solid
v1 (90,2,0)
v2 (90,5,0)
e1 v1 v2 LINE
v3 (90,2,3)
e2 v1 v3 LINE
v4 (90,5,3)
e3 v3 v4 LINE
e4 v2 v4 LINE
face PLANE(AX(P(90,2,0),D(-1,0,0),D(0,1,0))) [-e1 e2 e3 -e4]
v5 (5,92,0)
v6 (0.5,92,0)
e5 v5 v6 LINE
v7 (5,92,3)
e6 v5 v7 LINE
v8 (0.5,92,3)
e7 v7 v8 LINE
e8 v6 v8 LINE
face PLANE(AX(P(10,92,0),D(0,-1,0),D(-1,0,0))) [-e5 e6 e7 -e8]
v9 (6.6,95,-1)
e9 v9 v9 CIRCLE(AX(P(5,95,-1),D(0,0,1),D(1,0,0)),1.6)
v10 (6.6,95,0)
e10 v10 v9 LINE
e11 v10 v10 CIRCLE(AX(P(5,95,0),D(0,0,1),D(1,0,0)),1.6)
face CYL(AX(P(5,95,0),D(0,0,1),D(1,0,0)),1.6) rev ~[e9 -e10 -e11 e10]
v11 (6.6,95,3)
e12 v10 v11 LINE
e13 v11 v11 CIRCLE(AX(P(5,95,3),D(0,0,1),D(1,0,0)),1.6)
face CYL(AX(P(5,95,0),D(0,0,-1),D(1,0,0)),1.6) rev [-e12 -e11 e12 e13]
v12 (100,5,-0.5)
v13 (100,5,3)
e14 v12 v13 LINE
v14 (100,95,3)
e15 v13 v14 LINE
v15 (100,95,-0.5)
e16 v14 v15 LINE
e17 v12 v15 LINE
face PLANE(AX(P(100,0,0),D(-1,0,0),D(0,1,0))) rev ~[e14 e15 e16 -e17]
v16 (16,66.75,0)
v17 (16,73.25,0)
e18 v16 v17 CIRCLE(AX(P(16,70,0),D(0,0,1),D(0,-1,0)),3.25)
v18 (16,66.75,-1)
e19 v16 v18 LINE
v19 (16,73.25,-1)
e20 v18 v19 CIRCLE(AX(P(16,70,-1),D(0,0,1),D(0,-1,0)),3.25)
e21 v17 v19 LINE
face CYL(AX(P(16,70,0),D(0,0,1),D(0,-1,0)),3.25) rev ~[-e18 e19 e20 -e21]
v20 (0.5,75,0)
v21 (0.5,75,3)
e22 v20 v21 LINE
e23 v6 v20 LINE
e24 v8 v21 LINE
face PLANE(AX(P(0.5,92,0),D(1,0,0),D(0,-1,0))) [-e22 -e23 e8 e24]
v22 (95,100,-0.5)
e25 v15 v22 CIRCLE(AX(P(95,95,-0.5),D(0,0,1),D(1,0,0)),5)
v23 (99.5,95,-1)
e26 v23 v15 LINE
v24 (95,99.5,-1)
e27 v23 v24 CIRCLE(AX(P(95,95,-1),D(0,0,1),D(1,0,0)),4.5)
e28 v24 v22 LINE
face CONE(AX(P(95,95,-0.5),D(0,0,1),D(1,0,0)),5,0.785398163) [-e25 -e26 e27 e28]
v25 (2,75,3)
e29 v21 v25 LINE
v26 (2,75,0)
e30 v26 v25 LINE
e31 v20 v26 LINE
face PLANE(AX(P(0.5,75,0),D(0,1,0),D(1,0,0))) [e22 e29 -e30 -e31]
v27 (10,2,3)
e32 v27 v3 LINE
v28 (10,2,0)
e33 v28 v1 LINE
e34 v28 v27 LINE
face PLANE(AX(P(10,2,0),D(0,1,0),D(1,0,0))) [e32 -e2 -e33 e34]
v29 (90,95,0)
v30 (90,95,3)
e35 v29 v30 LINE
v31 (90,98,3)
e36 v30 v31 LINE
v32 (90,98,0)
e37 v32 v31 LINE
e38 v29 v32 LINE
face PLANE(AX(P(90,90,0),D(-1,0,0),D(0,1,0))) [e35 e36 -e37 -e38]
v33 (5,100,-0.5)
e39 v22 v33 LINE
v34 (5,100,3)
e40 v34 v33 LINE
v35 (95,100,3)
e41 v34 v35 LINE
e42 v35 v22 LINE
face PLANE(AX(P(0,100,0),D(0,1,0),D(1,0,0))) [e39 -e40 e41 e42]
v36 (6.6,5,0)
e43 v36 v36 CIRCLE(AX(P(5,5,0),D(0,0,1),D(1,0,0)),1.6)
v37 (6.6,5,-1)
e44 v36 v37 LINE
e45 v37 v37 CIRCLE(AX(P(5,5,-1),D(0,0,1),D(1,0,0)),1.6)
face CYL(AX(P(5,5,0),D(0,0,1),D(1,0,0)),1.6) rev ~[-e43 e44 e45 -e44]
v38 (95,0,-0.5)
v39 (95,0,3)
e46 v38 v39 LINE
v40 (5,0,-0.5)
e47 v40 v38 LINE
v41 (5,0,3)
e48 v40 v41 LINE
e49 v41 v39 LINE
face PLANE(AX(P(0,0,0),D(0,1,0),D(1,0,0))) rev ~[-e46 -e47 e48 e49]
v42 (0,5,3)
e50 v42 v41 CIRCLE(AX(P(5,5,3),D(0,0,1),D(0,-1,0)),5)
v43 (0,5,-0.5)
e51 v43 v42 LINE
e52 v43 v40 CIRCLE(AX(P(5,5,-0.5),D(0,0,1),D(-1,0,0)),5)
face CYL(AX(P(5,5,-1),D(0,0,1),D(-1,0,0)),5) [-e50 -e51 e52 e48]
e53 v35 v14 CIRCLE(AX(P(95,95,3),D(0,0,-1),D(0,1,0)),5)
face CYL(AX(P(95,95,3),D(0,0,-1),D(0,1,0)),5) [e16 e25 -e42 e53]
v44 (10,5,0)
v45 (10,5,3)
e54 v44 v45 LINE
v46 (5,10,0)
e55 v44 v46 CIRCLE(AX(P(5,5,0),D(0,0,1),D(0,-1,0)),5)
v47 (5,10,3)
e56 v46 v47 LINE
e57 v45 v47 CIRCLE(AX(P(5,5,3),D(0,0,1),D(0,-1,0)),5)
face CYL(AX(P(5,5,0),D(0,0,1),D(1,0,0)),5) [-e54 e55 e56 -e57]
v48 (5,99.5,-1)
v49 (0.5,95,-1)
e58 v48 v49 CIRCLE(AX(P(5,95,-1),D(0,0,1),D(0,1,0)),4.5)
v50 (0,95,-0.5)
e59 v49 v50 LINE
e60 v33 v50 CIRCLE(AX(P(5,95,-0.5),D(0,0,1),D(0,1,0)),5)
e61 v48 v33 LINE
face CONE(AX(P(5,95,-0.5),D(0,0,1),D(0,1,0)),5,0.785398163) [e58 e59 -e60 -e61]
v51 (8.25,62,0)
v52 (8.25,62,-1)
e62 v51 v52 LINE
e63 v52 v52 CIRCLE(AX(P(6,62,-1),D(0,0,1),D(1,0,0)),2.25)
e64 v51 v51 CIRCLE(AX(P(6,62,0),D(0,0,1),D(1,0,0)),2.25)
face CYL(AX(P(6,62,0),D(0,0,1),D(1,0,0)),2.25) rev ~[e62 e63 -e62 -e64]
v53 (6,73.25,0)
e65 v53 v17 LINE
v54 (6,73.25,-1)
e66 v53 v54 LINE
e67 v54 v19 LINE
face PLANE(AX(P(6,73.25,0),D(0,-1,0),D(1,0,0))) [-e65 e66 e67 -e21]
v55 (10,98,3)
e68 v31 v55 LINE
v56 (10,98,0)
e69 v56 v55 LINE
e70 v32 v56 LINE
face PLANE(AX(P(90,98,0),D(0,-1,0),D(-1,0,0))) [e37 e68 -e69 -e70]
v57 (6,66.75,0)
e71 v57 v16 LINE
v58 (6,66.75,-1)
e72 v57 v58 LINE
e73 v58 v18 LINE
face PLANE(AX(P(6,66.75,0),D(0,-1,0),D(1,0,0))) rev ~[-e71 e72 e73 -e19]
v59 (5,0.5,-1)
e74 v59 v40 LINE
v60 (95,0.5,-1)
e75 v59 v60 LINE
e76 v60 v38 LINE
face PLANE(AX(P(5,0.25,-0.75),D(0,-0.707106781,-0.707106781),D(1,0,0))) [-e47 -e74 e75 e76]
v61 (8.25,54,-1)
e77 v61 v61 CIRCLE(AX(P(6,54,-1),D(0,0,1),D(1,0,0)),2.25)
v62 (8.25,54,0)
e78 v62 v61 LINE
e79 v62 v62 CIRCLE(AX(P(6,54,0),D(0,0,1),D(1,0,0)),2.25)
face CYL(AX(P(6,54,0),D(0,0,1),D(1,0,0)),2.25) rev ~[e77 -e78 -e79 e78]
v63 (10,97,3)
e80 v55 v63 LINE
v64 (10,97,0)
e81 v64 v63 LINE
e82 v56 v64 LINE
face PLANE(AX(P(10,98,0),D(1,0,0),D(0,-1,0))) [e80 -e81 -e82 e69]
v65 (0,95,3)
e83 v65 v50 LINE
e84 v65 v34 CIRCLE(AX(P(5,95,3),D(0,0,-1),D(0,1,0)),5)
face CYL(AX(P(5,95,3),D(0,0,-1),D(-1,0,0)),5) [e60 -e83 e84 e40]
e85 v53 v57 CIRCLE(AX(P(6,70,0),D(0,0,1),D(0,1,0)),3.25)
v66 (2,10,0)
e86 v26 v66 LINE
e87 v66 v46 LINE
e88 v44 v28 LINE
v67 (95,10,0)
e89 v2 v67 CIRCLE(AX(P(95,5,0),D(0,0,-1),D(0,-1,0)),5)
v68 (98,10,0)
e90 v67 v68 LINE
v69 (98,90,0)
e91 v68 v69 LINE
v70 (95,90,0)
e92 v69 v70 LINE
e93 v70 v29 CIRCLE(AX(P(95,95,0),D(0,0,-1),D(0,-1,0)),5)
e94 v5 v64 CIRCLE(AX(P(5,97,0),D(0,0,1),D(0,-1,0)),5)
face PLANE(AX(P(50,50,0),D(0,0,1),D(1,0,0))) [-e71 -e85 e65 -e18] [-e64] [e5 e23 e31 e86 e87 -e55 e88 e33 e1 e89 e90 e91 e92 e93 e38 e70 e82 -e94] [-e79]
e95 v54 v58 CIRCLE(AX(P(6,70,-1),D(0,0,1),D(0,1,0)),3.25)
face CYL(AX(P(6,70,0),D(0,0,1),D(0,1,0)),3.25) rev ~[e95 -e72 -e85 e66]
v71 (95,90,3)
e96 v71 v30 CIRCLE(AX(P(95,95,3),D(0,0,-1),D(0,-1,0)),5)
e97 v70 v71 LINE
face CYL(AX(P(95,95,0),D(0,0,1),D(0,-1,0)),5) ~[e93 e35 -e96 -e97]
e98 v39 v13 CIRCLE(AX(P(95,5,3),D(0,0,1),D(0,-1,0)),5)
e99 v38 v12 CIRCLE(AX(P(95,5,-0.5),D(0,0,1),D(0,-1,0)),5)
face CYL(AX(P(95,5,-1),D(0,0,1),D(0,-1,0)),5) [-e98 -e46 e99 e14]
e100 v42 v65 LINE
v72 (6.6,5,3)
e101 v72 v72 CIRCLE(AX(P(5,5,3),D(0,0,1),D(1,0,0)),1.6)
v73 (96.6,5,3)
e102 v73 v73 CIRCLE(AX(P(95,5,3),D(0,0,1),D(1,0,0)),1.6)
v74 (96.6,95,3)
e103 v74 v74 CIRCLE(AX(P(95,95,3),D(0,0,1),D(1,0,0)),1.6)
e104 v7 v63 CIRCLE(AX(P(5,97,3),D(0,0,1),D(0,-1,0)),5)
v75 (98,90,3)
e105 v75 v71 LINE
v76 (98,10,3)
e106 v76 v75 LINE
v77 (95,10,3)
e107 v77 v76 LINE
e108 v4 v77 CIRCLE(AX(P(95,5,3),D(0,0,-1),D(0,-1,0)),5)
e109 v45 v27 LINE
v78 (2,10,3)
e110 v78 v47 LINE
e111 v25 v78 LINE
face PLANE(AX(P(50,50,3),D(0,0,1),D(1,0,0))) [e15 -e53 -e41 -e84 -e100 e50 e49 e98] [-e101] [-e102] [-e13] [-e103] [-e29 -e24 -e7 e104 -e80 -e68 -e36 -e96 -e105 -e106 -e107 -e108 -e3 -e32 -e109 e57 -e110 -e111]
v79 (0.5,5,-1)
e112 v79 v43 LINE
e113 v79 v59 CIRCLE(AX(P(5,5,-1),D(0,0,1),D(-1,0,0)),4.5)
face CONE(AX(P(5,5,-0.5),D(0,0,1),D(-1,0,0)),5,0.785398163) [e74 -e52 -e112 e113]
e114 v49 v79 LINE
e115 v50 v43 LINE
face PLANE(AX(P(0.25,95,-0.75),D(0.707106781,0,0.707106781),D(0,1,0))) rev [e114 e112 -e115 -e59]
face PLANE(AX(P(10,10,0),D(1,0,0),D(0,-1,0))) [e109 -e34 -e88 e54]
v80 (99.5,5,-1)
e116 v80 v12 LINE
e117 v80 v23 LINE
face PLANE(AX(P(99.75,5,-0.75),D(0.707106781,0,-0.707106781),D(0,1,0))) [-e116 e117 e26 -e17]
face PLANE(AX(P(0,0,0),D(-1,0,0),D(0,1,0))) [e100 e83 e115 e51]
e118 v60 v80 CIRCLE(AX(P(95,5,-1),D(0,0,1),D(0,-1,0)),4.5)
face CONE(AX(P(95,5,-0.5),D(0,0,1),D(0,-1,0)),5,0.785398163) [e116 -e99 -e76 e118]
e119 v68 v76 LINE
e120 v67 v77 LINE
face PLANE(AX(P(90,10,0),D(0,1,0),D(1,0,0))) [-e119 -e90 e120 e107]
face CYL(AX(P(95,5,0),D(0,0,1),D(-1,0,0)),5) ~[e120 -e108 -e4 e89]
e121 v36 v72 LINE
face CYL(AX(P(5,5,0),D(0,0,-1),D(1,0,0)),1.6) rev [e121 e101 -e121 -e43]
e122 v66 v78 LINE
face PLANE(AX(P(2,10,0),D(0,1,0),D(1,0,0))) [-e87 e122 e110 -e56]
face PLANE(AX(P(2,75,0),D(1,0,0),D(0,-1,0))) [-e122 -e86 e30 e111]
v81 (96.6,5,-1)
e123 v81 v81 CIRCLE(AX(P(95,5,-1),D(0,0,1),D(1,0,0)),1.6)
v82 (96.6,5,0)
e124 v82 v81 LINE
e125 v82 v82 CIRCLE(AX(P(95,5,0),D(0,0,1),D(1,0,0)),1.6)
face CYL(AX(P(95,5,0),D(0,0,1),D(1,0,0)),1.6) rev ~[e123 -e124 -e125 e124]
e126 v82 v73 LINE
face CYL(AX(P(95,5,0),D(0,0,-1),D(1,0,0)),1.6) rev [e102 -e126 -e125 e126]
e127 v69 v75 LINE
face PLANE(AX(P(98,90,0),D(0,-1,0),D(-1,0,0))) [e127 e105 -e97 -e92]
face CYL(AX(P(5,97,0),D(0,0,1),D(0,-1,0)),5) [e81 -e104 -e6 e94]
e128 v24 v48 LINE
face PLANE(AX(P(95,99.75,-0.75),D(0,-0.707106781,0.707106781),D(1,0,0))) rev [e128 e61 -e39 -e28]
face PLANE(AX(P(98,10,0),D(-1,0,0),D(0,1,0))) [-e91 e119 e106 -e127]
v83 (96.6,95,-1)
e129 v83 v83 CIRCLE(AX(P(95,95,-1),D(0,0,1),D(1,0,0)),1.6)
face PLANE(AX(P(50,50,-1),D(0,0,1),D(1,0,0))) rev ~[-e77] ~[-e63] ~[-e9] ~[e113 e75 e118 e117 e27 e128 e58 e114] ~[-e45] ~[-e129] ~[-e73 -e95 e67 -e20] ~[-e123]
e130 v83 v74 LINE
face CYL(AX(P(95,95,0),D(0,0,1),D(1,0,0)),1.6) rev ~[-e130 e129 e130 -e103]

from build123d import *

# Parameters (mm, degrees)
SKETCH_W        = 100
SKETCH_H        = 100
PAD_DEPTH       = 1
SKETCH001_W     = 100
SKETCH001_H     = 100
PAD001_DEPTH    = 3
SKETCH002_R     = 1.6
POCKET_DEPTH    = 3
FILLET_R        = 5
SKETCH004_R     = 2.25
POCKET001_DEPTH = 5
CHAMFER_SIZE    = 0.5


with BuildPart() as part:
    # Sketch → Pad (new body)
    with BuildSketch(Plane.XY):
        with Locations((50, 50)):
            Rectangle(SKETCH_W, SKETCH_H)
    extrude(amount=-PAD_DEPTH)

    # Sketch001 → Pad001 (join)
    with BuildSketch(Plane.XY):
        with Locations((50, 50)):
            Rectangle(SKETCH001_W, SKETCH001_H)
        Polygon((10, 10), (10, 2), (90, 2), (90, 10), (98, 10), (98, 90), (90, 90), (90, 98), (10, 98), (10, 92), (0.5, 92), (0.5, 75), (2, 75), (2, 10), align=None, mode=Mode.SUBTRACT)
    extrude(amount=PAD001_DEPTH)

    # Sketch002 → Pocket (cut, symmetric)
    with BuildSketch(Plane.XY):
        with Locations((5, 95)):
            Circle(SKETCH002_R)
        with Locations((5, 5)):
            Circle(SKETCH002_R)
        with Locations((95, 5)):
            Circle(SKETCH002_R)
        with Locations((95, 95)):
            Circle(SKETCH002_R)
    extrude(amount=POCKET_DEPTH, both=True, mode=Mode.SUBTRACT)

    # Fillet
    fillet_edges = [part.edges().sort_by_distance(p)[0] for p in [
        (100, 100, 1.5),
        (100, 0, 1.5),
        (0, 0, 1.5),
        (0, 100, 1.5),
        (10, 92, 1.5),
        (10, 10, 1.5),
        (90, 10, 1.5),
        (90, 90, 1.5),
    ]]
    fillet(fillet_edges, radius=FILLET_R)

    # Sketch004 (on DatumPlane) → Pocket001 (cut)
    with BuildSketch(Plane.XY):
        with Locations((6, 62)):
            Circle(SKETCH004_R)
        with Locations((6, 54)):
            Circle(SKETCH004_R)
        with BuildLine():
            ThreePointArc((6, 73.25), (2.75, 70), (6, 66.75))
            Line((6, 66.75), (16, 66.75))
            ThreePointArc((16, 66.75), (19.25, 70), (16, 73.25))
            Line((6, 73.25), (16, 73.25))
        make_face()
    extrude(amount=-POCKET001_DEPTH, mode=Mode.SUBTRACT)

    # Chamfer
    chamfer_edges = [part.edges().sort_by_distance(p)[0] for p in [
        (50, 0, -1),
    ]]
    chamfer(chamfer_edges, length=CHAMFER_SIZE)


solid = part.part
